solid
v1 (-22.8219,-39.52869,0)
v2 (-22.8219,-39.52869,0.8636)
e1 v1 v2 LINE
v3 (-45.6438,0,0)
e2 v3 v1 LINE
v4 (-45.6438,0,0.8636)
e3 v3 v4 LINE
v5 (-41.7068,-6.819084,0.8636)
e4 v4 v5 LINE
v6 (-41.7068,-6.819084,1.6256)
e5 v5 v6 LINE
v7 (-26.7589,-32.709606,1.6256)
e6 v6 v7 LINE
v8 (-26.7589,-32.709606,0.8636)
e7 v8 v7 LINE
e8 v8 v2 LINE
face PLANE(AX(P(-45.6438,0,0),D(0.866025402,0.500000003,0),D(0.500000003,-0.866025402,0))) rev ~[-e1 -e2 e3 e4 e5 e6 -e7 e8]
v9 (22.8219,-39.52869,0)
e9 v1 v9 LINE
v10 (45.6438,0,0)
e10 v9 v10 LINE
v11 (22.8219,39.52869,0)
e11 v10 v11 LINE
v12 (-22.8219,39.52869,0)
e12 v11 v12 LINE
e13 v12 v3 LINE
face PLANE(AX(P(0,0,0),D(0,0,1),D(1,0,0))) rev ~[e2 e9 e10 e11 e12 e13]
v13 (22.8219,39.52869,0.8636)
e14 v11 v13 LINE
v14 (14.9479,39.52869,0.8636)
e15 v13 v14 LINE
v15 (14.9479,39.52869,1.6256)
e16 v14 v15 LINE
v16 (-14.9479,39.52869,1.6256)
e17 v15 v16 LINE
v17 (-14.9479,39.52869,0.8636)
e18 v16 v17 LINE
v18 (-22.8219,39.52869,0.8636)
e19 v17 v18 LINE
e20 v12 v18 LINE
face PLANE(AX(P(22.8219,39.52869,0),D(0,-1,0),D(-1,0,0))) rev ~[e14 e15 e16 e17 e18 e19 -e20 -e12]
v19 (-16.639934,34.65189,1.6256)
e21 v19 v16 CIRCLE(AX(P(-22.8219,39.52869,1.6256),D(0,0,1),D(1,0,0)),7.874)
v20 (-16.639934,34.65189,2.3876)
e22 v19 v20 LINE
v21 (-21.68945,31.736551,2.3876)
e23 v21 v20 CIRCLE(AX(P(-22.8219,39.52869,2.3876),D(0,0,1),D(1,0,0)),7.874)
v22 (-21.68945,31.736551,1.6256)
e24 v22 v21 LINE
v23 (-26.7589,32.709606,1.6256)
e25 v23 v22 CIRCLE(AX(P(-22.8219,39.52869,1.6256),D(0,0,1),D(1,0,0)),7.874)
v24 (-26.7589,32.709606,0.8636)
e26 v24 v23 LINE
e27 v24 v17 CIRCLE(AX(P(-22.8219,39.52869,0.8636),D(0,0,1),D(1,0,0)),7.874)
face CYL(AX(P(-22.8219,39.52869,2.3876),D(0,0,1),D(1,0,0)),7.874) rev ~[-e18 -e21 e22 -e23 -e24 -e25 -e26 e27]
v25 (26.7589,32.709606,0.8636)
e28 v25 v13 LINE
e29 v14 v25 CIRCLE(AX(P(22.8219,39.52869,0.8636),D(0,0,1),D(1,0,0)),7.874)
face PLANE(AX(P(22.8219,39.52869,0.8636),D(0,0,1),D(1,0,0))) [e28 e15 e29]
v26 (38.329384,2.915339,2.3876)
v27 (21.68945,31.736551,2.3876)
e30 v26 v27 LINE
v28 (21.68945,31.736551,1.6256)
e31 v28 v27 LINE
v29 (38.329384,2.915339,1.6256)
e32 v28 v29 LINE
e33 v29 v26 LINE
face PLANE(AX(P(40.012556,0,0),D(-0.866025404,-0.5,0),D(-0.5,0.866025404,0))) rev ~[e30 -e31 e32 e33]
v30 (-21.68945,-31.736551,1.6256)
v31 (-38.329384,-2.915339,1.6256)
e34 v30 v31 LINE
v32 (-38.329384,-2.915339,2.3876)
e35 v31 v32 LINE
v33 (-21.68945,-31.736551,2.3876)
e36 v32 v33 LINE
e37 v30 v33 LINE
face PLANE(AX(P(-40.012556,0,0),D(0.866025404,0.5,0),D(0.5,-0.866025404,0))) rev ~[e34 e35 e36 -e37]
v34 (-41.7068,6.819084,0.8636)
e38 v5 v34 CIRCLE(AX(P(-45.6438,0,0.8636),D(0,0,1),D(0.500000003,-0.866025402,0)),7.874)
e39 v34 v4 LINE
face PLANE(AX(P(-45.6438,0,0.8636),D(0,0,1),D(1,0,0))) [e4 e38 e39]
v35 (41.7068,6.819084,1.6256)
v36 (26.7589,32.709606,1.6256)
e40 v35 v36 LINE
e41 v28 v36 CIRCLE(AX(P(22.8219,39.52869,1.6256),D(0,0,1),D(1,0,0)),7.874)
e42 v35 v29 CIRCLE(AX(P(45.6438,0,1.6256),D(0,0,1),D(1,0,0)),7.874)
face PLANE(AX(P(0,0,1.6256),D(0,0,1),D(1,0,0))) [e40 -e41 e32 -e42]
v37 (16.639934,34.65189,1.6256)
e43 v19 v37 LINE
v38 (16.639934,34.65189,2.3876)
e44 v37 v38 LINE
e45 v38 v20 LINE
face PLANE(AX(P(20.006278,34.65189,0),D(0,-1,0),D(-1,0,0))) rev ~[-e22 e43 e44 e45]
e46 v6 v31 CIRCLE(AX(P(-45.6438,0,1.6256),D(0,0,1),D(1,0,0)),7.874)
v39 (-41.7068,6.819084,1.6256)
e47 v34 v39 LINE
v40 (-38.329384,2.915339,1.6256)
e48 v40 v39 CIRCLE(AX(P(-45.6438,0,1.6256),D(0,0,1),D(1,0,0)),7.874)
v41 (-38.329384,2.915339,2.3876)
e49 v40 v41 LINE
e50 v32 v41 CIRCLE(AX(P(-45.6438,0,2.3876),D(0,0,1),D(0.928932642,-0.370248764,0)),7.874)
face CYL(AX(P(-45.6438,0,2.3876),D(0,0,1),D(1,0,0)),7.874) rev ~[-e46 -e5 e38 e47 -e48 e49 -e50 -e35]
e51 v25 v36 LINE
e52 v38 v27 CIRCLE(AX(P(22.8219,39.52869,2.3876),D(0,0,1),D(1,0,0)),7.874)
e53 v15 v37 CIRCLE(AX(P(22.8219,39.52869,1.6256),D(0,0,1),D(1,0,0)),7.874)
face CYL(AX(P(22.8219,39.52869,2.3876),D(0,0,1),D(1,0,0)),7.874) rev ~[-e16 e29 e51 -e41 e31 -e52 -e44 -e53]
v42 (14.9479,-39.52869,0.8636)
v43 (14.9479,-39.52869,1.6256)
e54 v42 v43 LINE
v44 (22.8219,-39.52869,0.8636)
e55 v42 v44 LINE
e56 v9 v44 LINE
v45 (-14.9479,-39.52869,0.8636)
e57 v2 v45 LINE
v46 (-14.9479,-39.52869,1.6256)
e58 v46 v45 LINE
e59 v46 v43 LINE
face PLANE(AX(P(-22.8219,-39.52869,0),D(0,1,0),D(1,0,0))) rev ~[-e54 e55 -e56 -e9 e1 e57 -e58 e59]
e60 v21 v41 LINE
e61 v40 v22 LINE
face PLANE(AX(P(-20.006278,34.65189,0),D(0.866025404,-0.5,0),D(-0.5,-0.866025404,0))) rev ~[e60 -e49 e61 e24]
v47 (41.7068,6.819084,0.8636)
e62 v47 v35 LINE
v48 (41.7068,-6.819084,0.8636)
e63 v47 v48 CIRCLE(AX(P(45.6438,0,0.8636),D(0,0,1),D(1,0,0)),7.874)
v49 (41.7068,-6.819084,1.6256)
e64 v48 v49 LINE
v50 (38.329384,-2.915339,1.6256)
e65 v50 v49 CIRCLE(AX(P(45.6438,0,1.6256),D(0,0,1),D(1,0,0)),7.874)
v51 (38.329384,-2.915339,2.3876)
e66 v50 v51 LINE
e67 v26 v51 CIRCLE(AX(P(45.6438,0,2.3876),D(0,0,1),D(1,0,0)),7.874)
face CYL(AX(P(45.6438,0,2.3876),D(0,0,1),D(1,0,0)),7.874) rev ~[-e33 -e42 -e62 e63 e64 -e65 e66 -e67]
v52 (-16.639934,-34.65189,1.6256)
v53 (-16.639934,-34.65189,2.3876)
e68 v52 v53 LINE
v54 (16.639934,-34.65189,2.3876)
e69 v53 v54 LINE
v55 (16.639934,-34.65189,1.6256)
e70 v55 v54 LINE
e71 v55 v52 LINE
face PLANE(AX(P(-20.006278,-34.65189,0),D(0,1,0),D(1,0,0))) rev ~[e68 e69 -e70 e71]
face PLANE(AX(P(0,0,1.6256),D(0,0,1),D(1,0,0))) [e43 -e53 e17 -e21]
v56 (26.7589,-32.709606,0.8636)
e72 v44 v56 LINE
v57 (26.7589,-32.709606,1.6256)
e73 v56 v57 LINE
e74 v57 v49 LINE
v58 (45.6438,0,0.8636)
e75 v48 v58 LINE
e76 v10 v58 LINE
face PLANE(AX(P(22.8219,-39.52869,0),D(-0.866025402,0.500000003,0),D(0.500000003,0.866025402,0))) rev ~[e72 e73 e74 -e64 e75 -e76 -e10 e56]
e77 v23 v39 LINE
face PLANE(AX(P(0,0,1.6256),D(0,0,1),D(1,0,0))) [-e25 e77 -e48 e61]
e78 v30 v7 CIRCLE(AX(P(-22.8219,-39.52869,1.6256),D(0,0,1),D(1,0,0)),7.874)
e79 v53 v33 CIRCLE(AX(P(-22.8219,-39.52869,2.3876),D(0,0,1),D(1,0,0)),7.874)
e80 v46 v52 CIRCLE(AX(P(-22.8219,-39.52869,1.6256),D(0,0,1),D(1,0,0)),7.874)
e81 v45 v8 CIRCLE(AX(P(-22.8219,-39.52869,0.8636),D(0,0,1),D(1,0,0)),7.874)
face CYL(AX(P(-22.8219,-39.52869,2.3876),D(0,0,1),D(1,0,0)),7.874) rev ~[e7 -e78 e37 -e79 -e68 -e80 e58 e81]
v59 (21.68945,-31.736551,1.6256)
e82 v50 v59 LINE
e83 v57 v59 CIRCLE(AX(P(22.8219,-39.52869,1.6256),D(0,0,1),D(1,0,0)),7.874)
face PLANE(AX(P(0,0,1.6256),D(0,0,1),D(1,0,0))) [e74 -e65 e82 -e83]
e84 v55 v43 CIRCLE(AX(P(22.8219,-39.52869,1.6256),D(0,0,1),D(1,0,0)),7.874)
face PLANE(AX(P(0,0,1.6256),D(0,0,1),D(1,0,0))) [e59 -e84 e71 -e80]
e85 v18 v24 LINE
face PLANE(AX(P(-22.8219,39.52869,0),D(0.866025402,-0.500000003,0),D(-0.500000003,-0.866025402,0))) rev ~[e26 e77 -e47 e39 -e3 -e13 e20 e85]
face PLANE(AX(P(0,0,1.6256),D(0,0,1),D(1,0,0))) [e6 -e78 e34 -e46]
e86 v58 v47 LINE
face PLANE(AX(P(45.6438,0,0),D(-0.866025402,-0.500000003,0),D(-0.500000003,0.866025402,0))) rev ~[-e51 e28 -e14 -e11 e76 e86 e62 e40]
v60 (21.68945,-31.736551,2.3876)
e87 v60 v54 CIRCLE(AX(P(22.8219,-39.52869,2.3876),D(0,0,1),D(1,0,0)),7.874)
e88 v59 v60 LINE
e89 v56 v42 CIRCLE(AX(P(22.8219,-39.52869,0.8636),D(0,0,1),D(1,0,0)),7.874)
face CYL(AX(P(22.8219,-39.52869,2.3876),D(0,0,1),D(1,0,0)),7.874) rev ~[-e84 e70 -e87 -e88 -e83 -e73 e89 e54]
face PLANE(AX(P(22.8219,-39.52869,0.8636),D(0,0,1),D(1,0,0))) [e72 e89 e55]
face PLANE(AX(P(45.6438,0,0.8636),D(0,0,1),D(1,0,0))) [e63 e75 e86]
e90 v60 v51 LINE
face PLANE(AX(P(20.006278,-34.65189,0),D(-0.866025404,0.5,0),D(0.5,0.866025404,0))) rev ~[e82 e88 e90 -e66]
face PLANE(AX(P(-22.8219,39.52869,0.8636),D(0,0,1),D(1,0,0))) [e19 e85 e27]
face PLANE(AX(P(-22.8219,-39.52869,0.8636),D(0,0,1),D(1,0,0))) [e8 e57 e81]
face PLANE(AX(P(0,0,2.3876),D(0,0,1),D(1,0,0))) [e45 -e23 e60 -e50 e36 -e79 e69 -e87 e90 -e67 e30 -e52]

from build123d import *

# Parameters (mm, degrees)
F1_DEPTH = 1.6256
F3_DEPTH = 2.3876
F5_R     = 7.874
F6_DEPTH = 1.524


with BuildPart() as f1:
    # F0 (on Top) → F1 (new body)
    with BuildSketch(Plane.XY):
        Polygon((-22.8219, -39.52869), (22.8219, -39.52869), (45.6438, 0), (22.8219, 39.52869), (-22.8219, 39.52869), (-45.6438, 0), align=None)
    extrude(amount=F1_DEPTH)

    # F2 (on Top) → F3 (join)
    with BuildSketch(Plane.XY):
        Polygon((-20.006278, -34.65189), (20.006278, -34.65189), (40.012556, 0), (20.006278, 34.65189), (-20.006278, 34.65189), (-40.012556, 0), align=None)
    extrude(amount=F3_DEPTH)

    # F5 (on face) → F6 (cut)
    with BuildSketch(Plane.XY.offset(2.3876)):
        with Locations((22.8219, -39.52869)):
            Circle(F5_R)
        with Locations((45.6438, 0)):
            Circle(F5_R)
        with Locations((22.8219, 39.52869)):
            Circle(F5_R)
        with Locations((-22.8219, 39.52869)):
            Circle(F5_R)
        with Locations((-45.6438, 0)):
            Circle(F5_R)
        with Locations((-22.8219, -39.52869)):
            Circle(F5_R)
    extrude(amount=-F6_DEPTH, mode=Mode.SUBTRACT)


solid = f1.part
